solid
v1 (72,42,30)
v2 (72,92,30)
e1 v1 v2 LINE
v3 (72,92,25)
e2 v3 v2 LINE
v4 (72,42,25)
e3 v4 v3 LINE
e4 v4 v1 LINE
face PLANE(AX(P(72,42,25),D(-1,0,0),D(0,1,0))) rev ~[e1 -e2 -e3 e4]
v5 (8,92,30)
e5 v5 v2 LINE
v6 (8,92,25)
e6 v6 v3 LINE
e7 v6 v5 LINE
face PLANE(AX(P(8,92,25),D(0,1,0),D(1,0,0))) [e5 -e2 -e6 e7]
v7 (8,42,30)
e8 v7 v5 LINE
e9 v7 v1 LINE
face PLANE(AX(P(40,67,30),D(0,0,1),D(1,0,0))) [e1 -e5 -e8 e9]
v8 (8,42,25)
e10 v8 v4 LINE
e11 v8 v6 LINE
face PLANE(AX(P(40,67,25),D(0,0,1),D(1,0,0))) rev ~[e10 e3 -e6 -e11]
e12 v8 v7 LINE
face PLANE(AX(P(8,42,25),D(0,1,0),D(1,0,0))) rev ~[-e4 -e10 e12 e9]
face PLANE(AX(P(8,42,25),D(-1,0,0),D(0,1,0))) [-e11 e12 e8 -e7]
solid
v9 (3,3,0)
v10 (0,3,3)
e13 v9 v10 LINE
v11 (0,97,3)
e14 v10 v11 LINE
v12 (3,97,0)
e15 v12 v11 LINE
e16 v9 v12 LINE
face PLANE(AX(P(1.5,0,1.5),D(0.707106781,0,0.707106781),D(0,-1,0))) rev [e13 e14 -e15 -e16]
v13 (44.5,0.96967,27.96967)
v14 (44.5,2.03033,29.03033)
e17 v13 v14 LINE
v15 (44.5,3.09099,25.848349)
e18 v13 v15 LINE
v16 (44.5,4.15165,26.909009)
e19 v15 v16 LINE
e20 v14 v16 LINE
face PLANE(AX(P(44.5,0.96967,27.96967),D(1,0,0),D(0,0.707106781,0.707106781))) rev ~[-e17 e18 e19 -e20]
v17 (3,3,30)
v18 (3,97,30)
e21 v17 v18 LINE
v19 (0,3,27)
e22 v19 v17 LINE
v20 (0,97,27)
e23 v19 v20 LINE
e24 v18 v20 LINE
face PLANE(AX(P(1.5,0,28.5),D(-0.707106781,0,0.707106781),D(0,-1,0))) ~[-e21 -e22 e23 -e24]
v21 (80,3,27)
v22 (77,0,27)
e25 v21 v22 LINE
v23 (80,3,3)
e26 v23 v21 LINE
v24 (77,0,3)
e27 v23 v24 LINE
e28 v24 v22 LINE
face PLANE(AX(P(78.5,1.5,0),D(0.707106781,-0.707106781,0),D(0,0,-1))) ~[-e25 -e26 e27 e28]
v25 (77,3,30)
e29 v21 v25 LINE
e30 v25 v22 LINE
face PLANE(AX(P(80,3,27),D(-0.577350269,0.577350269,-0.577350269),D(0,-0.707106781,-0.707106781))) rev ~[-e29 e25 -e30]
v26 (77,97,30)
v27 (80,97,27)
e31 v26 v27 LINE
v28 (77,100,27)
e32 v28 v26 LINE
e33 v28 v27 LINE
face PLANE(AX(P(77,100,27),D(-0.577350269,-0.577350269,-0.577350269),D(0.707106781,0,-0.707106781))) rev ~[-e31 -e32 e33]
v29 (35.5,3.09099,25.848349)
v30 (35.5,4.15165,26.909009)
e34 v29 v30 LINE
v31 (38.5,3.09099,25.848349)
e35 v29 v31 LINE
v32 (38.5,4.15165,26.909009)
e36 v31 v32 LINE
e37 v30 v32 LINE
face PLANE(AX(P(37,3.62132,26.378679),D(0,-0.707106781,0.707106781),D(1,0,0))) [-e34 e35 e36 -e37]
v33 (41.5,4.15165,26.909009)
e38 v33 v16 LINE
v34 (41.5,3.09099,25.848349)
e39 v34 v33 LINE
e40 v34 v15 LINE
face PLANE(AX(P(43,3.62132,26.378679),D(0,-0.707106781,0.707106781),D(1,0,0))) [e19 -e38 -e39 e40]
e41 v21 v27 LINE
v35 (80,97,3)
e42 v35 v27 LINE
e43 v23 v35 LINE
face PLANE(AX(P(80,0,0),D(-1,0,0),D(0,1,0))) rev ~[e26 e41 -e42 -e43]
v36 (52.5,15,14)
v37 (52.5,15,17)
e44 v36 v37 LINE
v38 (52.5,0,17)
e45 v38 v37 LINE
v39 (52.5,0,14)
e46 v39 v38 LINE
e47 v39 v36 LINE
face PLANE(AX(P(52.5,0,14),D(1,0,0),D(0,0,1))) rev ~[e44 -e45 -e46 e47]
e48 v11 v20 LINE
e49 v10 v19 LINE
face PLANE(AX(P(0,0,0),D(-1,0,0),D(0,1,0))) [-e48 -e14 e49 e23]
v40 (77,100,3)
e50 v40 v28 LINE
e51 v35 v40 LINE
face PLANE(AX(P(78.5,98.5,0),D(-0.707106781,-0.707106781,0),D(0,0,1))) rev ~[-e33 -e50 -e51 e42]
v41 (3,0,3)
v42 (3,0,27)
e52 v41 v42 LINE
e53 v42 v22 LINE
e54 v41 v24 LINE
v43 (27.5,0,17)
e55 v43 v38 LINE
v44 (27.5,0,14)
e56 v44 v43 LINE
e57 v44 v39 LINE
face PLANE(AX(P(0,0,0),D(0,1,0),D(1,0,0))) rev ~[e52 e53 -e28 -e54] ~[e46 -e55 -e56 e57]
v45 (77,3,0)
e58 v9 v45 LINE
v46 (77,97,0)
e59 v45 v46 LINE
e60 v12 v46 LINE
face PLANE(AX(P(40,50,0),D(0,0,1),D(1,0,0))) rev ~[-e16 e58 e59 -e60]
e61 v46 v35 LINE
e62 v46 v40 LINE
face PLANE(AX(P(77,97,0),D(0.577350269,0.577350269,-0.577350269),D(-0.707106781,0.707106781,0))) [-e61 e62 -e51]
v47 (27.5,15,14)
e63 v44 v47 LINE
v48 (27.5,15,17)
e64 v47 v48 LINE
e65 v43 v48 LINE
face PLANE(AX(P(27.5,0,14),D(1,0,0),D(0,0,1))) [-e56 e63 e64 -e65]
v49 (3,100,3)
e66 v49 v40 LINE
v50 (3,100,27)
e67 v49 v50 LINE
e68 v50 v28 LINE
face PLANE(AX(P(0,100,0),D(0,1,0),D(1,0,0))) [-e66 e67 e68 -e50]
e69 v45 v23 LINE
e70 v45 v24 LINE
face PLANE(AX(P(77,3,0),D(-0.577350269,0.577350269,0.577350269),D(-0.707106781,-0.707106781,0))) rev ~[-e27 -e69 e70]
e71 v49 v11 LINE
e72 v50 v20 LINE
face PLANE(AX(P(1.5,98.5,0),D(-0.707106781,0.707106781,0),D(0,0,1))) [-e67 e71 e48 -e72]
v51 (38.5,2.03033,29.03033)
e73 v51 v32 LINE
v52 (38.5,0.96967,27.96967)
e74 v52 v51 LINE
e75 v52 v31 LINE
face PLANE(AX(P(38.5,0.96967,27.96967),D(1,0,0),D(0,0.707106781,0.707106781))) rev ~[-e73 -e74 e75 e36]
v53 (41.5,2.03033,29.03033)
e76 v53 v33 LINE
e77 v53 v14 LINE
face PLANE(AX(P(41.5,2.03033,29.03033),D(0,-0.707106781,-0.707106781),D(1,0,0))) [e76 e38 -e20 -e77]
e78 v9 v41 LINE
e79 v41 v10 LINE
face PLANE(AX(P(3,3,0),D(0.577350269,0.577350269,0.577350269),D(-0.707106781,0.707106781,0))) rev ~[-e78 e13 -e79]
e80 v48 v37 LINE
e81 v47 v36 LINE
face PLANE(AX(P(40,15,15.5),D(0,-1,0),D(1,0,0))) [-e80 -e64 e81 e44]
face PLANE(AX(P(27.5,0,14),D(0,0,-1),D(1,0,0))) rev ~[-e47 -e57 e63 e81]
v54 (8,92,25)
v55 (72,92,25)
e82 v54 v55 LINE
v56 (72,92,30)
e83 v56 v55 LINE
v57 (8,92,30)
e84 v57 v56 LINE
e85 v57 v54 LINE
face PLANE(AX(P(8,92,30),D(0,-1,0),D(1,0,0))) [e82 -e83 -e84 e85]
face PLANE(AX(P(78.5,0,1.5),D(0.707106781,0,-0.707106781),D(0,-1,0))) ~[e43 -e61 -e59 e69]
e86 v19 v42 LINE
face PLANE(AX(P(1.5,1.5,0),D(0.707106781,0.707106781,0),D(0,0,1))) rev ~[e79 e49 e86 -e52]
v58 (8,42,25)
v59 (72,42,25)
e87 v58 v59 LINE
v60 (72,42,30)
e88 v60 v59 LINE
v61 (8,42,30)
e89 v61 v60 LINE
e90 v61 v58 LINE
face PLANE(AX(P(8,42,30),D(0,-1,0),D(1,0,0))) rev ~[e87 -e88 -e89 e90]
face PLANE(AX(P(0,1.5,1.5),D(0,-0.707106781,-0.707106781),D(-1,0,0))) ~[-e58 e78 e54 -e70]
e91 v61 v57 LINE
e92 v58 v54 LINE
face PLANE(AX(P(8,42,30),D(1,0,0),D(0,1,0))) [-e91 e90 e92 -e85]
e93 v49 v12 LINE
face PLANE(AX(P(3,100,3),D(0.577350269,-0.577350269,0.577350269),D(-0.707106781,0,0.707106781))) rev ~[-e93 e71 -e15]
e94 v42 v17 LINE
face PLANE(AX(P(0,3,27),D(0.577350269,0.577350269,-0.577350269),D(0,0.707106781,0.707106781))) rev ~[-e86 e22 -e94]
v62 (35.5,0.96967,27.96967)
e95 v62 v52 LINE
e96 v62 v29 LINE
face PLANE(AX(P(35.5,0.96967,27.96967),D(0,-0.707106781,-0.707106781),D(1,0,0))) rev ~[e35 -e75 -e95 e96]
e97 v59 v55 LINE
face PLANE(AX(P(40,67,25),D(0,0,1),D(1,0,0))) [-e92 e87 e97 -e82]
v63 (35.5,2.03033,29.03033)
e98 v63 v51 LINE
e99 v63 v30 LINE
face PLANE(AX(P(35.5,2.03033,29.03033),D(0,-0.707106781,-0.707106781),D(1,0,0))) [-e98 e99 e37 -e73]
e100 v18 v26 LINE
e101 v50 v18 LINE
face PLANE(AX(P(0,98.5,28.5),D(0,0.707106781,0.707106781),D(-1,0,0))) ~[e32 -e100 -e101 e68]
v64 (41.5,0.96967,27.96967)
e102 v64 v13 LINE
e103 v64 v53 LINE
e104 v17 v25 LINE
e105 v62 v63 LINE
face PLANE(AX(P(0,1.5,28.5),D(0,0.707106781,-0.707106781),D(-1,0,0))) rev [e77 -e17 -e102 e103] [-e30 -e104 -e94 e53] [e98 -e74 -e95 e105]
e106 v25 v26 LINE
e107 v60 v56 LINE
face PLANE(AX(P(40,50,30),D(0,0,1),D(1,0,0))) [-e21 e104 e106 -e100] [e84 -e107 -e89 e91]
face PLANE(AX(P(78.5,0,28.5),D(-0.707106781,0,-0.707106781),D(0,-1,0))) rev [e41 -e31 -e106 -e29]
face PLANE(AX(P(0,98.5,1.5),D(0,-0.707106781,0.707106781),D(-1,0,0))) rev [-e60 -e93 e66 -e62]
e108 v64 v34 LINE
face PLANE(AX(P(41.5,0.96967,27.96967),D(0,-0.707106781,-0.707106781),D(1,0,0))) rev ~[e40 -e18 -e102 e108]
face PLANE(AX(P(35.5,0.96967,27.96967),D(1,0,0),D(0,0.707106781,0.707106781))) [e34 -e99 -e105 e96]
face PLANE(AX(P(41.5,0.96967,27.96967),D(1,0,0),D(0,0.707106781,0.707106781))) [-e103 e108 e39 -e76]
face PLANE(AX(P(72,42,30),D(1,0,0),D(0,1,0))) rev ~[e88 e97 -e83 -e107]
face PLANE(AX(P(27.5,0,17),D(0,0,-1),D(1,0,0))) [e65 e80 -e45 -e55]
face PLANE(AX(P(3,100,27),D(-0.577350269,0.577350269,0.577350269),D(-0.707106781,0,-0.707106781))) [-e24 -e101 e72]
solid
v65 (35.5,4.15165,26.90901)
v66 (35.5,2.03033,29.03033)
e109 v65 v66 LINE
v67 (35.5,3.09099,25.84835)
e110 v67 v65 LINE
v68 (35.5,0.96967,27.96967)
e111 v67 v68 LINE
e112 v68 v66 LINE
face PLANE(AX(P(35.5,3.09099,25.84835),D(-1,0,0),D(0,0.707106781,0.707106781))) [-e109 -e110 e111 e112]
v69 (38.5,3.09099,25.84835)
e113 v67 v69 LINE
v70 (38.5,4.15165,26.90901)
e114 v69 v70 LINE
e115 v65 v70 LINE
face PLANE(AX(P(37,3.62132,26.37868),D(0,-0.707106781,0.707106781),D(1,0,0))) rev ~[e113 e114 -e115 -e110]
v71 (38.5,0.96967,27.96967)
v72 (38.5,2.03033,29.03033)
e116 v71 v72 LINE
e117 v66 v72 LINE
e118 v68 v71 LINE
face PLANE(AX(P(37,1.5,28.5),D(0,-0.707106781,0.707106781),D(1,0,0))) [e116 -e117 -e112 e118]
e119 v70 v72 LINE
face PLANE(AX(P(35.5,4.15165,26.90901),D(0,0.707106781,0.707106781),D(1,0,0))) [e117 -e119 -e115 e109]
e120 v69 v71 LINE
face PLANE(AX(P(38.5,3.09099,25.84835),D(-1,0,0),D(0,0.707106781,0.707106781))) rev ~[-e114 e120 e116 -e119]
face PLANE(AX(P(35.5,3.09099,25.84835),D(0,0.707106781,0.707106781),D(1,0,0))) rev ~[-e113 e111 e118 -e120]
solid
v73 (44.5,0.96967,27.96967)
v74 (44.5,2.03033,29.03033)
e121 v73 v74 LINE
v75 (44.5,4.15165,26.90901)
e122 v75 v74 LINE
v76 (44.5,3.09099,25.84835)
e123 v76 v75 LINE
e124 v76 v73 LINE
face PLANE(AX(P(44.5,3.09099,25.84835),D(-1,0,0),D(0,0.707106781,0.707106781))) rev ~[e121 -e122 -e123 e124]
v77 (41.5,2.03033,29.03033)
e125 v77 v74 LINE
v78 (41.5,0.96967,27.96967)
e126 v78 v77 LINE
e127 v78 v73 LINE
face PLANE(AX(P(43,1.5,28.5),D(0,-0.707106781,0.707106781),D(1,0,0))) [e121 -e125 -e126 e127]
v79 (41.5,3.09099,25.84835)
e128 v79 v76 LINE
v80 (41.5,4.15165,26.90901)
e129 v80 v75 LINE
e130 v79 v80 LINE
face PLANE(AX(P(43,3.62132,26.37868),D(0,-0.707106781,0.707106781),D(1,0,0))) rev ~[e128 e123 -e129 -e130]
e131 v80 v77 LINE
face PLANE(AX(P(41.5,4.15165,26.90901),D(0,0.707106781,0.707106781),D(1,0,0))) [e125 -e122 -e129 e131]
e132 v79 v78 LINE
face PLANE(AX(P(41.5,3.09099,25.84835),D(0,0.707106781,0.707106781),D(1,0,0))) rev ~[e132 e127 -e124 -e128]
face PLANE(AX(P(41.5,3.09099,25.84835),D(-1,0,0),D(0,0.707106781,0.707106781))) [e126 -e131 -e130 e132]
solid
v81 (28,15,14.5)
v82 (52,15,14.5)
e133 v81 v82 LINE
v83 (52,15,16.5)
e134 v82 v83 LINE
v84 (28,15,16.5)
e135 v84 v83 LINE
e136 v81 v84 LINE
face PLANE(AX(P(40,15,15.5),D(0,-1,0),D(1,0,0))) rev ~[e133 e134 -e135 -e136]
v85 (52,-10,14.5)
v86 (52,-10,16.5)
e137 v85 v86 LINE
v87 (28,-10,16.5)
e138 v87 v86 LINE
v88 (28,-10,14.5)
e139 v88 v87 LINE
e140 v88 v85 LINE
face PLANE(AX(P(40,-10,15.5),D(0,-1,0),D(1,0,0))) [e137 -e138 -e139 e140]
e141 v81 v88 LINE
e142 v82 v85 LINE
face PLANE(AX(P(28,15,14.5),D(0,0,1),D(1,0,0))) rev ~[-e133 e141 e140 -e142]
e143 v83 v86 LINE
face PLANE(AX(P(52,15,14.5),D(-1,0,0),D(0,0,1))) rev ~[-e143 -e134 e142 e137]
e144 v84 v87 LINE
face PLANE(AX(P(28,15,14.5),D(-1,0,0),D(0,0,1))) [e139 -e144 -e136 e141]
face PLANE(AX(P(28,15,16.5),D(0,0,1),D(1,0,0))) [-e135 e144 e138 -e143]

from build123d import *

# Parameters (mm, degrees)
F0_W      = 80
F0_H      = 100
F1_DEPTH  = 30
F2_SIZE   = 3
F3_W      = 64
F3_H      = 50
F4_DEPTH  = 5
F5_W      = 25
F5_H      = 3
F6_DEPTH  = 15
F7_W      = 3
F7_H      = 1.5
F8_DEPTH  = 3
F4_FACE_W = 64
F4_FACE_H = 50
F9_DEPTH  = 5
F8_FACE_W = 3
F8_FACE_H = 1.5
F10_DEPTH = 3
F11_W     = 24
F11_H     = 2
F12_DEPTH = 25


with BuildPart() as f1:
    # F0 (on Top) → F1 (new body)
    with BuildSketch(Plane.XY):
        with Locations((40, 50)):
            Rectangle(F0_W, F0_H)
    extrude(amount=F1_DEPTH)

    # F2
    f2_edges = [f1.edges().sort_by_distance(p)[0] for p in [
        (40, 0, 30),
        (80, 50, 30),
        (80, 0, 15),
        (0, 0, 15),
        (0, 50, 30),
        (40, 100, 30),
        (80, 100, 15),
        (80, 50, 0),
        (40, 0, 0),
        (0, 50, 0),
        (40, 100, 0),
        (0, 100, 15),
    ]]
    chamfer(f2_edges, length=F2_SIZE)

    # F3 (on face) → F4 (cut)
    with BuildSketch(Plane.XY.offset(30)):
        with Locations((40, 67)):
            Rectangle(F3_W, F3_H)
    extrude(amount=-F4_DEPTH, mode=Mode.SUBTRACT)

    # F5 (on face) → F6 (cut)
    with BuildSketch(Plane.XZ):
        with Locations((40, 15.5)):
            Rectangle(F5_W, F5_H)
    extrude(amount=-F6_DEPTH, mode=Mode.SUBTRACT)

    # F7 (on face) → F8 (cut)
    with BuildSketch(Plane(origin=(0, -13.5, 13.5), x_dir=(1, 0, 0), z_dir=(0, -0.707107, 0.707107))):
        with Locations((37, 21.213203)):
            Rectangle(F7_W, F7_H)
        with Locations((43, 21.213203)):
            Rectangle(F7_W, F7_H)
    extrude(amount=-F8_DEPTH, mode=Mode.SUBTRACT)


with BuildPart() as f9:
    # F4_face (on face) → F9 (new body)
    with BuildSketch(Plane(origin=(40, 67, 25), x_dir=(1, 0, 0), z_dir=(0, 0, 1))):
        Rectangle(F4_FACE_W, F4_FACE_H)
    extrude(amount=F9_DEPTH)


with BuildPart() as f10:
    # F8_face (on face) → F10 (new body)
    with BuildSketch(Plane(origin=(37, 3.62132, 26.37868), x_dir=(1, 0, 0), z_dir=(0, -0.707107, 0.707107))):
        Rectangle(F8_FACE_W, F8_FACE_H)
        with Locations((6, 0)):
            Rectangle(F8_FACE_W, F8_FACE_H)
    extrude(amount=F10_DEPTH)


with BuildPart() as f12:
    # F11 (on face) → F12 (new body)
    with BuildSketch(Plane.XZ.offset(-15)):
        with Locations((40, 15.5)):
            Rectangle(F11_W, F11_H)
    extrude(amount=F12_DEPTH)


solid = Compound([f1.part, f9.part, f10.part, f12.part])
